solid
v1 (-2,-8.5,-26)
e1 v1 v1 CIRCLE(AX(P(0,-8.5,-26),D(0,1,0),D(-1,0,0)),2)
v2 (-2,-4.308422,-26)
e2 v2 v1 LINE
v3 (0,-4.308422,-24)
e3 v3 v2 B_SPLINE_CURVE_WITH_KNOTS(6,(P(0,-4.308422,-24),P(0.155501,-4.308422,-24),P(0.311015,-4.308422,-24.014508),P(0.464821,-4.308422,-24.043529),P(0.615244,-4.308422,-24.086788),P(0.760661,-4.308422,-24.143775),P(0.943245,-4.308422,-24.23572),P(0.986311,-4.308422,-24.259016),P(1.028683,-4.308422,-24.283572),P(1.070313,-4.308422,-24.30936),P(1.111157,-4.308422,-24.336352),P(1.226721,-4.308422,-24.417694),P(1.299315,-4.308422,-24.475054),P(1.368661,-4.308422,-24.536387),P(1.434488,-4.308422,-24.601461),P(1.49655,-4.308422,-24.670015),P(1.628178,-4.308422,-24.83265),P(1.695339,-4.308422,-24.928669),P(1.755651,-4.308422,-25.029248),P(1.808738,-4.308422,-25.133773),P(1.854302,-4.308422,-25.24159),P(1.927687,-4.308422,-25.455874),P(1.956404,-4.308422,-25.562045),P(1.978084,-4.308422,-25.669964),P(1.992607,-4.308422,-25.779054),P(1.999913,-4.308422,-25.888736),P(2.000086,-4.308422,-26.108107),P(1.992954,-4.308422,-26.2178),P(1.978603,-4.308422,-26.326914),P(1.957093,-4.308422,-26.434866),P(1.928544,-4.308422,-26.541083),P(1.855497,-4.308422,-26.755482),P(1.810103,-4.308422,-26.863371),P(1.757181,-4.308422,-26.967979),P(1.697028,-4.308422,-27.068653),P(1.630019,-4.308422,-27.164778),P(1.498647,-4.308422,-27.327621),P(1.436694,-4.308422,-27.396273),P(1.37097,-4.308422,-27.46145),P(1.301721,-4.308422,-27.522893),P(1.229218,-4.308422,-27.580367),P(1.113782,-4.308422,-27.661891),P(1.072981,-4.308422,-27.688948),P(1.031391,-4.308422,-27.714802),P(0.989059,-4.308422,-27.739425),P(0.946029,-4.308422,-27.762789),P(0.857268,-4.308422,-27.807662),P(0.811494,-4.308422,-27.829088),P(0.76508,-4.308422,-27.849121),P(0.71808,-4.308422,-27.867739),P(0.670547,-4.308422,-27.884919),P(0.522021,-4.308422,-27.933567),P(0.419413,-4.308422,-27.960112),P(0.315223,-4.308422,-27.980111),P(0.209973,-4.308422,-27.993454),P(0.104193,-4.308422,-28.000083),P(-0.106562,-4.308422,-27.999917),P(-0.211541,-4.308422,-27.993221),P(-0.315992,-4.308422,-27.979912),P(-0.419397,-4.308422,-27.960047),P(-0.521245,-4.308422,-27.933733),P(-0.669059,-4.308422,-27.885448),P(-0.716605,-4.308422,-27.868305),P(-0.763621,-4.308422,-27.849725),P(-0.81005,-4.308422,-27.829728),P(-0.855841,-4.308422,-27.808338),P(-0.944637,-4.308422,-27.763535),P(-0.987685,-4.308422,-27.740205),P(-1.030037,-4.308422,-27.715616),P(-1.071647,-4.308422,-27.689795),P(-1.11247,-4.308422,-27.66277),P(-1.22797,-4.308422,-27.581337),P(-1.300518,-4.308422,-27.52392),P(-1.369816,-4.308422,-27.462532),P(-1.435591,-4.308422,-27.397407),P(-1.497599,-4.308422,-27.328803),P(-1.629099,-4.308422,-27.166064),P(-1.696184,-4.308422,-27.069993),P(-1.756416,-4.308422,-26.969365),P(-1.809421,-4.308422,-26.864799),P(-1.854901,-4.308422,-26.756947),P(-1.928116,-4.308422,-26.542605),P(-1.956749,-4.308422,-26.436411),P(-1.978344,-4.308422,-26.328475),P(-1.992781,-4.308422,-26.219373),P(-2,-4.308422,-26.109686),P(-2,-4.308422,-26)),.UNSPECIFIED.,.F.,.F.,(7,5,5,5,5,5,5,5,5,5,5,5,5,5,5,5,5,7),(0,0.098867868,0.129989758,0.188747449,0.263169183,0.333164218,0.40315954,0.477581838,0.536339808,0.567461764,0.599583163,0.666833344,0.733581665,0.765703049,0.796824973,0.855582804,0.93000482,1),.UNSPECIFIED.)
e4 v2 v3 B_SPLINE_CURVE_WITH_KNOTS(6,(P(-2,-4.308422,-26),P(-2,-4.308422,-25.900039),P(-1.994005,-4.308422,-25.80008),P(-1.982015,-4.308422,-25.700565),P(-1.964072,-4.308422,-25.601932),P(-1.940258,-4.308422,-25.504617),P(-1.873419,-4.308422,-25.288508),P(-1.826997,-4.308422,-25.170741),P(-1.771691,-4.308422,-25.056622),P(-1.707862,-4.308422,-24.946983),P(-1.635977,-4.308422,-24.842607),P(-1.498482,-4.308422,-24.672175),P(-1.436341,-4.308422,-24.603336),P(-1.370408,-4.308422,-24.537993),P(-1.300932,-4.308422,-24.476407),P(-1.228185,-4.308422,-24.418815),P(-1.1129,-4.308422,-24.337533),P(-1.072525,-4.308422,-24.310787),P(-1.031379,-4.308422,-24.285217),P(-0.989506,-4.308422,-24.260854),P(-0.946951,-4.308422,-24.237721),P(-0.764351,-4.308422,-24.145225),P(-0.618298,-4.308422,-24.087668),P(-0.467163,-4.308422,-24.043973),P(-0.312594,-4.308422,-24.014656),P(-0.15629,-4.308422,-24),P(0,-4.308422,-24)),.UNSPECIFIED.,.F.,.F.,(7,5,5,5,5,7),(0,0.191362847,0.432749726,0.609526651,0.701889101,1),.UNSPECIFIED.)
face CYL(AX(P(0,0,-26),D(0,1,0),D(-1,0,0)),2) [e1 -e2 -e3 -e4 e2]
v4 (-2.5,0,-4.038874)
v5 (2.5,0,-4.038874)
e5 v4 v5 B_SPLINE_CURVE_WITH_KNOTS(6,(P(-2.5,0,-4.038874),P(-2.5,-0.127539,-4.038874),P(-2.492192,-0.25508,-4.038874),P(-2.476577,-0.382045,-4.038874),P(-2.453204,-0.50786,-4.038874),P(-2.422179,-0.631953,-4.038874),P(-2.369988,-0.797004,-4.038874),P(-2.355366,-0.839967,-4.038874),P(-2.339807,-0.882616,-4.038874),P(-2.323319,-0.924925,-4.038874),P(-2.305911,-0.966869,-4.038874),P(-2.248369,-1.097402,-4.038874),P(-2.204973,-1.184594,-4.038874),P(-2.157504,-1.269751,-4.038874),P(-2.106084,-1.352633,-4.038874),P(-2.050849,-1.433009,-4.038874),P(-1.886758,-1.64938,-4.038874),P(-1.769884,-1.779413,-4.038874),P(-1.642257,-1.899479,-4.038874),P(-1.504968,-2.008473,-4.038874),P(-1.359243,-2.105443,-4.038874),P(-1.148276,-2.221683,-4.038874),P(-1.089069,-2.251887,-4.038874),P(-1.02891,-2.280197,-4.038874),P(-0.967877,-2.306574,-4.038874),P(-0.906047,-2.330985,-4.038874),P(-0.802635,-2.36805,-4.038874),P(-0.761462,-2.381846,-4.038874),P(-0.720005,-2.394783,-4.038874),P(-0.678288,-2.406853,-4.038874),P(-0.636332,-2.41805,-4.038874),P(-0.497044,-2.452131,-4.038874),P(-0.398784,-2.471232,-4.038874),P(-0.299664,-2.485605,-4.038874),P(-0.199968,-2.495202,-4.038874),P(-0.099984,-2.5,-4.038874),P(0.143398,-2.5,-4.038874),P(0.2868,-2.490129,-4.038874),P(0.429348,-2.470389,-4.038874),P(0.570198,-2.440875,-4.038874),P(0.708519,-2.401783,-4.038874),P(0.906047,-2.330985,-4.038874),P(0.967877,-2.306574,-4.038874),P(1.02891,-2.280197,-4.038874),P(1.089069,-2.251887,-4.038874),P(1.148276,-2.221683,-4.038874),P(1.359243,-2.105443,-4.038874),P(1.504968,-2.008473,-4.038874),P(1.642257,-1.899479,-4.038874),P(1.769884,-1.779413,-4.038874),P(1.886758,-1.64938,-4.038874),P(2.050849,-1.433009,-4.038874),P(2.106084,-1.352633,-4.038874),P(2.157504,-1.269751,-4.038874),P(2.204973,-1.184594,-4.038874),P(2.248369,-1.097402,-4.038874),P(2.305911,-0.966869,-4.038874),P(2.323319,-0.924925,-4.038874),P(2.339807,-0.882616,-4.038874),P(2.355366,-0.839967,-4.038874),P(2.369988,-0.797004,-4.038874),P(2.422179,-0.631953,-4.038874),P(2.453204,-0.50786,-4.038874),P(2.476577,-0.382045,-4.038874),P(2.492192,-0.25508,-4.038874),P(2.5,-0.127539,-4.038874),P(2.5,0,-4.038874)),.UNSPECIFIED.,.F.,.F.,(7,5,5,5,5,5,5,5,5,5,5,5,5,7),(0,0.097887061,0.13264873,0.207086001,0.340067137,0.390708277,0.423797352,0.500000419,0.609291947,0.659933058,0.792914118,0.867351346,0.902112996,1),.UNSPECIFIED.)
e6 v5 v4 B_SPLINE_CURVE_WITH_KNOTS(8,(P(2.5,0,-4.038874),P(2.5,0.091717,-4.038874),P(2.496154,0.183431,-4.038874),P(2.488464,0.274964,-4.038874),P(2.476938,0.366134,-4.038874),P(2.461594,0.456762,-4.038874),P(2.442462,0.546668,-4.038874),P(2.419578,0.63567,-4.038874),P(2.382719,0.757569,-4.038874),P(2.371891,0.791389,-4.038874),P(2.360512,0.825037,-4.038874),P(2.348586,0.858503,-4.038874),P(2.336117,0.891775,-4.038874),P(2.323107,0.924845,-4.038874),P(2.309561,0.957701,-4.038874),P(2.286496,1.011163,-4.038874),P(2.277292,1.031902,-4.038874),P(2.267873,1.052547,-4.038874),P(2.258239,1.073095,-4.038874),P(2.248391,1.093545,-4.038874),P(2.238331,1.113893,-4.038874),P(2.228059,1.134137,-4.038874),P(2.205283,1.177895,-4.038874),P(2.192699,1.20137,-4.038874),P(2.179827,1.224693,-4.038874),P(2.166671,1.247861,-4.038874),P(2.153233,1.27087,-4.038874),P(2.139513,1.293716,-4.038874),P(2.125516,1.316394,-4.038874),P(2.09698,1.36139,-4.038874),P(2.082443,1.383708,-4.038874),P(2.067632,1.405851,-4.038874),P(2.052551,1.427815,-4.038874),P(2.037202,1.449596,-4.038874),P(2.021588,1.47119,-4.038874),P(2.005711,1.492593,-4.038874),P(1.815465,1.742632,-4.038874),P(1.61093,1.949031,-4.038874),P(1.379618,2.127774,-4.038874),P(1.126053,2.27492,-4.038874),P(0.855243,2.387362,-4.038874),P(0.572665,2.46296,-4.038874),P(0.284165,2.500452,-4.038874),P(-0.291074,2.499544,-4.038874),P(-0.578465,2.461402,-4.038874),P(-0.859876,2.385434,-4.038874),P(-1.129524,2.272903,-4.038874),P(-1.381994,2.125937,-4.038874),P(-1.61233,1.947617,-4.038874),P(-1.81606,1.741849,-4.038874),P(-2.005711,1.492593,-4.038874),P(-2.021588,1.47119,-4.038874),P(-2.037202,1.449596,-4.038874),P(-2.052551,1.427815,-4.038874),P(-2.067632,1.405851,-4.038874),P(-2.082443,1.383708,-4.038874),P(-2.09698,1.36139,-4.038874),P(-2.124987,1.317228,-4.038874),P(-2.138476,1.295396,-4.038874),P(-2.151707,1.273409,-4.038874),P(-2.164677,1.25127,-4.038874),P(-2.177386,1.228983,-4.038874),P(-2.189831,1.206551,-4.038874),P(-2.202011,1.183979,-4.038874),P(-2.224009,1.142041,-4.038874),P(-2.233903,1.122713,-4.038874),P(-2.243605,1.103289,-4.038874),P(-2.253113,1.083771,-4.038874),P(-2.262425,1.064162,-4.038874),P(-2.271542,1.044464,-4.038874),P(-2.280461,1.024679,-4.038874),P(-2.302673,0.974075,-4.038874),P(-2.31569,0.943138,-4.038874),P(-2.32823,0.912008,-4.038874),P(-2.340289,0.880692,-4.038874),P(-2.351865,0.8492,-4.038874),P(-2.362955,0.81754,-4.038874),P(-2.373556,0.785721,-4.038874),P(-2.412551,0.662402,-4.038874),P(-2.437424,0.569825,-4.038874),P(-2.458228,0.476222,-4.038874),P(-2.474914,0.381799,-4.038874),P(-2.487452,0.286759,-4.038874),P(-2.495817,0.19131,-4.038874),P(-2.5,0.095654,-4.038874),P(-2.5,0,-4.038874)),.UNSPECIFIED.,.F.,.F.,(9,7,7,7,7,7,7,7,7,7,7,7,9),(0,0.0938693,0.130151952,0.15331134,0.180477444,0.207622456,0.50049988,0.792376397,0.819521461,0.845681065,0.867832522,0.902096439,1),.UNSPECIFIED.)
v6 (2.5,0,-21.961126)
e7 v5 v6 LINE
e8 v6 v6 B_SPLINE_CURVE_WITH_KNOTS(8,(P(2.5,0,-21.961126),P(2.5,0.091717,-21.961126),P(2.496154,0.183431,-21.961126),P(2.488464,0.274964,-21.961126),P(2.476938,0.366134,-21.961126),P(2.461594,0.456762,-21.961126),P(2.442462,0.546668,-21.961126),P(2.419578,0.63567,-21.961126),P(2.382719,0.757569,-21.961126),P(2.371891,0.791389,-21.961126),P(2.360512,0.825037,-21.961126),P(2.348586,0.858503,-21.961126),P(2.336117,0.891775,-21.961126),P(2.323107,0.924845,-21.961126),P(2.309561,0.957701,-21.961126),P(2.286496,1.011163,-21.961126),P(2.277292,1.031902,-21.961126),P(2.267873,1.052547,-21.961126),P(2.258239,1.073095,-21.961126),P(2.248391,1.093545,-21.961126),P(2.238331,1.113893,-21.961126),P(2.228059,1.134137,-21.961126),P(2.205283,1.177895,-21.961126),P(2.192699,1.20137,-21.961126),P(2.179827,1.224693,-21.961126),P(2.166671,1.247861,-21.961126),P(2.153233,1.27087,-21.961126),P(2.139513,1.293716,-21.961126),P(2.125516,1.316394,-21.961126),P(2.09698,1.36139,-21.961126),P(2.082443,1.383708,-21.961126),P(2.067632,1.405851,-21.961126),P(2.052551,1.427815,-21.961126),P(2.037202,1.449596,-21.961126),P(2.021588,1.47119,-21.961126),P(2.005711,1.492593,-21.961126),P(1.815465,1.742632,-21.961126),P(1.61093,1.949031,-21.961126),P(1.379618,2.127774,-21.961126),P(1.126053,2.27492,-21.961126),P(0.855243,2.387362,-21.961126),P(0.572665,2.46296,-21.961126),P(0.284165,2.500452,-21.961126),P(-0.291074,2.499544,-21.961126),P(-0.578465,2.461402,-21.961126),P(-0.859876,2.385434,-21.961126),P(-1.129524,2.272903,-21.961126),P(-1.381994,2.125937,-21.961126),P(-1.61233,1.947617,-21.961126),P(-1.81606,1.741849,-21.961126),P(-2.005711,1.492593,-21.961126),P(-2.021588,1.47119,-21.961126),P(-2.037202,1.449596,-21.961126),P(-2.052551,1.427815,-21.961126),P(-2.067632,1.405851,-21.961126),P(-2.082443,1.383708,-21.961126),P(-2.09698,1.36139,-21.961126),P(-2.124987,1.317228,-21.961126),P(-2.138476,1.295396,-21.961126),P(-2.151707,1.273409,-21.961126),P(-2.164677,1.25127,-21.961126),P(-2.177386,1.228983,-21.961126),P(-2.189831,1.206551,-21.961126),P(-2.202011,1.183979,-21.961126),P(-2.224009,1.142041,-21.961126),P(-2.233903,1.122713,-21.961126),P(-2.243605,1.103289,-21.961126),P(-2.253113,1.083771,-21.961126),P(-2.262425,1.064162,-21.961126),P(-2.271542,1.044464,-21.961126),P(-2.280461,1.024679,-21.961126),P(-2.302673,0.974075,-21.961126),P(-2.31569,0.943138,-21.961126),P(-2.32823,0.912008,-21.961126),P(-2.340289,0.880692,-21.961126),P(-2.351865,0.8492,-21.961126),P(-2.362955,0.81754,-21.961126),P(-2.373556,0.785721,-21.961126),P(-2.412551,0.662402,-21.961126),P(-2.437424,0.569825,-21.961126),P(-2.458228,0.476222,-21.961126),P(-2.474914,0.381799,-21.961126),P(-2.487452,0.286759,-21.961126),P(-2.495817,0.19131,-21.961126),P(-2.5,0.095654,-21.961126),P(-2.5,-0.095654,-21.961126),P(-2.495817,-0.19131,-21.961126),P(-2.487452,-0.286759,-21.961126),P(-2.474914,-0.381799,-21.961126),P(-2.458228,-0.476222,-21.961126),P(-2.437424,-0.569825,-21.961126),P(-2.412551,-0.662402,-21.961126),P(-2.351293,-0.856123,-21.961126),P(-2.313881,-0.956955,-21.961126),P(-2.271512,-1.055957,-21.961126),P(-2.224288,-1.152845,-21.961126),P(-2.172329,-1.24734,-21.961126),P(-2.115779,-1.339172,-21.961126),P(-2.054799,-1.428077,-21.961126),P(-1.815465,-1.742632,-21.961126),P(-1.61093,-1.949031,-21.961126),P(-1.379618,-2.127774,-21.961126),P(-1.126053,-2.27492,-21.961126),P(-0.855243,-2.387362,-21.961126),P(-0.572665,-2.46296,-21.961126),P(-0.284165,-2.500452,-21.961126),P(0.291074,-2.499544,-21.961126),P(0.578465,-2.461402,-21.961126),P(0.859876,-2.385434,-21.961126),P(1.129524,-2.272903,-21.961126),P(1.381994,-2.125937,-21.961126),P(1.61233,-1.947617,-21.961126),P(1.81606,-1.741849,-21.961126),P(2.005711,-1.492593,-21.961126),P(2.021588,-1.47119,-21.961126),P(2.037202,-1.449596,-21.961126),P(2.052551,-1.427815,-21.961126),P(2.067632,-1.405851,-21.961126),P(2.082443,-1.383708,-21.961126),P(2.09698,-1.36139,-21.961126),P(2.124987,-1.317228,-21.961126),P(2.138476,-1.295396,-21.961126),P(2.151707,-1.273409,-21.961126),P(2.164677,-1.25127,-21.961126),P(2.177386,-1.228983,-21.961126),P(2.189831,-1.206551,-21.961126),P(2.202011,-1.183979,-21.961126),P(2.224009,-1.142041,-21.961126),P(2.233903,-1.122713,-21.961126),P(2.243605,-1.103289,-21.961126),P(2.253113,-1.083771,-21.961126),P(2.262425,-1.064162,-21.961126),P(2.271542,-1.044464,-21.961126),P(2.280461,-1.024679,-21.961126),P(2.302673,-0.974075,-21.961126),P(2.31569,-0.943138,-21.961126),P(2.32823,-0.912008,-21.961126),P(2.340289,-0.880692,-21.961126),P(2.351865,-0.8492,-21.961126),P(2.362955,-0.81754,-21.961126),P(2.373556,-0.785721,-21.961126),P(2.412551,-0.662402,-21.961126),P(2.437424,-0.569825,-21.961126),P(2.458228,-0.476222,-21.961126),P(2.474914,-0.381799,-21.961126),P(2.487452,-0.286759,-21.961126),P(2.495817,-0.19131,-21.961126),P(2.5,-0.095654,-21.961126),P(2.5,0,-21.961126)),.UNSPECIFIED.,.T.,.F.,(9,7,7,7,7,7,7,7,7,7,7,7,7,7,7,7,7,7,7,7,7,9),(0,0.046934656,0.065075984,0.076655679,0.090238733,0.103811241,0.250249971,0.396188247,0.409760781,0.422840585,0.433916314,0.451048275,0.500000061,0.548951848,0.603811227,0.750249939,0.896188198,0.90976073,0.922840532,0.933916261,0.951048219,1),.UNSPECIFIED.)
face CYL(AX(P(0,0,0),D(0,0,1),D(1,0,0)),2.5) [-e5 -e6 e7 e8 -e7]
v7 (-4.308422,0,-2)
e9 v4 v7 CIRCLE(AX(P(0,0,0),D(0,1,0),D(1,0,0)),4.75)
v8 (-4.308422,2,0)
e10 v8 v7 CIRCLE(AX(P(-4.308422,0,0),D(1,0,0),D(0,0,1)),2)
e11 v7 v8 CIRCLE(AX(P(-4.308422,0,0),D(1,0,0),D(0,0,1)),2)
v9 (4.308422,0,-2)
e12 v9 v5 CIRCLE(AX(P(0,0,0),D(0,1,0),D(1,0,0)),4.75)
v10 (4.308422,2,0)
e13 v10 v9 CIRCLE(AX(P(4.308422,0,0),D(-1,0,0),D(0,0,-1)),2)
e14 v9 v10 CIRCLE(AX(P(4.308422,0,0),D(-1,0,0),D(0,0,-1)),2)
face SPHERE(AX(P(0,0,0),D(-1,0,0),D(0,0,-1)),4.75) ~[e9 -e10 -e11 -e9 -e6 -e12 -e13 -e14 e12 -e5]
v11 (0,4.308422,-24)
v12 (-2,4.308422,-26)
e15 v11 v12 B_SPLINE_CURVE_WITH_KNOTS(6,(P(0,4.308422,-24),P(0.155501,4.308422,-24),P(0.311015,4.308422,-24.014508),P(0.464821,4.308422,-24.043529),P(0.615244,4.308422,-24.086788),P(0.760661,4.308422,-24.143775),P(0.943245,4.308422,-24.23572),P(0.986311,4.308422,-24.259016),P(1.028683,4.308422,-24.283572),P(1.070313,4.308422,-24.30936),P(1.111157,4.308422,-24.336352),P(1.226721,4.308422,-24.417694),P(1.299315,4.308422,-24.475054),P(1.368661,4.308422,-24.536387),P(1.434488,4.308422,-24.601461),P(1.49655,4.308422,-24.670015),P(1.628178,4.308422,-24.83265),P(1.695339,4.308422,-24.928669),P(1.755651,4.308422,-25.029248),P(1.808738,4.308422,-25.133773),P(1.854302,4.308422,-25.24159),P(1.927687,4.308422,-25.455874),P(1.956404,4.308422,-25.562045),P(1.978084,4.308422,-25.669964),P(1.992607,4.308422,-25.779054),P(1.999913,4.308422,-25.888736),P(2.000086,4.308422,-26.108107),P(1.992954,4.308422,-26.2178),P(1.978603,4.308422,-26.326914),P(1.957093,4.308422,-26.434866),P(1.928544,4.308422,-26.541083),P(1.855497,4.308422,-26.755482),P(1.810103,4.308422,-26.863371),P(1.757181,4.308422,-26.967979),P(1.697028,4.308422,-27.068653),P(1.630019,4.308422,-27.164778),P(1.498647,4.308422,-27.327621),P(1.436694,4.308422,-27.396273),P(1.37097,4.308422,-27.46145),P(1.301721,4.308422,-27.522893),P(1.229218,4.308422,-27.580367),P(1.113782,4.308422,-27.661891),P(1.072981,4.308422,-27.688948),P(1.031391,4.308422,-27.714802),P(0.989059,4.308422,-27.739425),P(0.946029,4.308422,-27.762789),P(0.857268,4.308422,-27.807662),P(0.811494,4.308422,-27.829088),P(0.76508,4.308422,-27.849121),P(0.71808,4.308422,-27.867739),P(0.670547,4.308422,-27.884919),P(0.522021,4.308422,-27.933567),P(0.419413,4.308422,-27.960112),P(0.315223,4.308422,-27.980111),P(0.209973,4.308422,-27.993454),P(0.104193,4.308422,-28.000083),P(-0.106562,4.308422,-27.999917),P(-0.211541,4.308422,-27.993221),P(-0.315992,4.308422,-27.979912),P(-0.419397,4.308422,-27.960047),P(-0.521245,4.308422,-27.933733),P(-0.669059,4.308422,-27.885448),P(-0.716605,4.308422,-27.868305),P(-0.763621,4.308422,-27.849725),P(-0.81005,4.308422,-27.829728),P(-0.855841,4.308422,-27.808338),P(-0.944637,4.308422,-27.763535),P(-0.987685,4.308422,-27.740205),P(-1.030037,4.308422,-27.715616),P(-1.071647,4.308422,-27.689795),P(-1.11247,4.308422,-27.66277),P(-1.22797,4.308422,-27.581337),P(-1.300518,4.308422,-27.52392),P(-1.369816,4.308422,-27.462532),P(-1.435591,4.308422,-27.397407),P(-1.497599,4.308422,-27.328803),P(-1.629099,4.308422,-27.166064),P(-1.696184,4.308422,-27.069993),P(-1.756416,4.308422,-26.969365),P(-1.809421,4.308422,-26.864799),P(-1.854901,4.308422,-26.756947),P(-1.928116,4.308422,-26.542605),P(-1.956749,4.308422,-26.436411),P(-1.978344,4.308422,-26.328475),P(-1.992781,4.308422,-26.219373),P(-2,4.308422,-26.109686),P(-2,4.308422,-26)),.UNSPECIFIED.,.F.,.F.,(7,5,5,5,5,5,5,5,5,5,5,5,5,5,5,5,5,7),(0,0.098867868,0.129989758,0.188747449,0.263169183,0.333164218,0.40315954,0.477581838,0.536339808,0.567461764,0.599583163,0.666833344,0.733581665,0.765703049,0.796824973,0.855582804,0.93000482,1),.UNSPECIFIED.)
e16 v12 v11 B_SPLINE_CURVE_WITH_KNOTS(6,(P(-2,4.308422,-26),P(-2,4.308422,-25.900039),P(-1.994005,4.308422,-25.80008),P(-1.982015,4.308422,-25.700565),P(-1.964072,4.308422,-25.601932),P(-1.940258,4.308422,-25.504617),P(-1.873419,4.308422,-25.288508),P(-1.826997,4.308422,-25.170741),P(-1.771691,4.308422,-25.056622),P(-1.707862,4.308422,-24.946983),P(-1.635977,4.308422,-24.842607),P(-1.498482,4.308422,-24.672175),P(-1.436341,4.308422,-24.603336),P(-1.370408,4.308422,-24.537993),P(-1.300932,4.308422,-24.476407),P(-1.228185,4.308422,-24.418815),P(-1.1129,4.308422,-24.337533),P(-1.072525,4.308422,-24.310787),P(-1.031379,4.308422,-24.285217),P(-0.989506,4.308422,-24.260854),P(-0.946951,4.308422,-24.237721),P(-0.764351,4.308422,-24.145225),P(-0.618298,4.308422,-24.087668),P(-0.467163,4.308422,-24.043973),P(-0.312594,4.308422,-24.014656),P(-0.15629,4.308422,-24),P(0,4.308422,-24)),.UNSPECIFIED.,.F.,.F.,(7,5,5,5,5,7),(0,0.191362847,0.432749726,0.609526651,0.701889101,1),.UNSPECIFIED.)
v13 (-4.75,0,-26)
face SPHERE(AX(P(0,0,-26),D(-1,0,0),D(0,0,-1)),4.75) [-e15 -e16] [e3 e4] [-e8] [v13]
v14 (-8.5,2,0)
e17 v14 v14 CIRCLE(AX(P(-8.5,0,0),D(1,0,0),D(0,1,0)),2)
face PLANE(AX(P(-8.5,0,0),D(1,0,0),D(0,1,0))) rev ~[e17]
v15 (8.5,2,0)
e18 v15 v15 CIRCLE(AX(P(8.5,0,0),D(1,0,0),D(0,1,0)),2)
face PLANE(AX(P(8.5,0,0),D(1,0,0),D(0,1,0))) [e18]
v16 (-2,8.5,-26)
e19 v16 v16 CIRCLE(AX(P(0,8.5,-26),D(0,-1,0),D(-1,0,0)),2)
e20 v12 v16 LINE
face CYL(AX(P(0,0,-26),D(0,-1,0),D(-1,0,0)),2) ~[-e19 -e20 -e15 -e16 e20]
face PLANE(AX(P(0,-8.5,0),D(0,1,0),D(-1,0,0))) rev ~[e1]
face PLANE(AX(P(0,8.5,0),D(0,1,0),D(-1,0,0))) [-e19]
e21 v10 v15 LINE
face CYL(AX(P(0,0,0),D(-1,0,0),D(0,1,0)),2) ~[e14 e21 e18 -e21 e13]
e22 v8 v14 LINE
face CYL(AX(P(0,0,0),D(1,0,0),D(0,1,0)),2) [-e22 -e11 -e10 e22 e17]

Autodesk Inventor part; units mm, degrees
ref_plane "YZ Plane" through (0, 0, 0) normal (1, 0, 0) x (0, 1, 0)
ref_plane "XZ Plane" through (0, 0, 0) normal (0, 1, 0) x (-1, 0, 0)
ref_plane "XY Plane" through (0, 0, 0) normal (0, 0, 1) x (1, 0, 0)
sketch "Szkic1" plane through (0, 0, 0) normal (0, 1, 0) x (-1, 0, 0)
  arc A0 (-4.75, 0) -> (4.75, 0) centre (0, 0) ccw
  line L0 (4.75, 0) -> (-4.75, 0)
  dimension "d0" = 9.5
revolve "Obrót1" add sketch "Szkic1" angle 360 about axis through (-4.75, 0, 0) along (1, 0, 0)
sketch "Szkic2" plane through (0, 0, 0) normal (0, 1, 0) x (-1, 0, 0)
  line L0 (0, 0) -> (0, -26)
  arc A0 (-4.75, -26) -> (4.75, -26) centre (0, -26) ccw
  line L1 (-4.75, -26) -> (4.75, -26)
  dimension "d2" = 26
  dimension "d3" = 9.5
revolve "Obrót2" add sketch "Szkic2" angle 360 about axis through (4.75, 0, -26) along (-1, 0, 0)
sketch "Szkic3" plane through (0, 0, 0) normal (0, 0, 1) x (1, 0, 0)
  circle A0 centre (0, 0) radius 2.5
  dimension "d5" = 5
extrude "Wyciągnięcie proste1" add sketch "Szkic3" against normal blind 26
sketch "Szkic4" plane through (0, 0, 0) normal (1, 0, 0) x (0, 1, 0)
  circle A0 centre (0, 0) radius 2
  circle A1 centre (0, 0) radius 2
  dimension "d8" = 4
  dimension "d11" = 4
extrude "Wyciągnięcie proste2" add sketch "Szkic4" along normal mid plane 17
sketch "Szkic5" plane through (0, 0, 0) normal (0, 1, 0) x (-1, 0, 0)
  line L0 (0, 0) -> (0, -26)
  circle A0 centre (0, -26) radius 2
  dimension "d12" = 26
  dimension "d13" = 4
extrude "Wyciągnięcie proste3" add sketch "Szkic5" along normal mid plane 17
properties part number "wal"
